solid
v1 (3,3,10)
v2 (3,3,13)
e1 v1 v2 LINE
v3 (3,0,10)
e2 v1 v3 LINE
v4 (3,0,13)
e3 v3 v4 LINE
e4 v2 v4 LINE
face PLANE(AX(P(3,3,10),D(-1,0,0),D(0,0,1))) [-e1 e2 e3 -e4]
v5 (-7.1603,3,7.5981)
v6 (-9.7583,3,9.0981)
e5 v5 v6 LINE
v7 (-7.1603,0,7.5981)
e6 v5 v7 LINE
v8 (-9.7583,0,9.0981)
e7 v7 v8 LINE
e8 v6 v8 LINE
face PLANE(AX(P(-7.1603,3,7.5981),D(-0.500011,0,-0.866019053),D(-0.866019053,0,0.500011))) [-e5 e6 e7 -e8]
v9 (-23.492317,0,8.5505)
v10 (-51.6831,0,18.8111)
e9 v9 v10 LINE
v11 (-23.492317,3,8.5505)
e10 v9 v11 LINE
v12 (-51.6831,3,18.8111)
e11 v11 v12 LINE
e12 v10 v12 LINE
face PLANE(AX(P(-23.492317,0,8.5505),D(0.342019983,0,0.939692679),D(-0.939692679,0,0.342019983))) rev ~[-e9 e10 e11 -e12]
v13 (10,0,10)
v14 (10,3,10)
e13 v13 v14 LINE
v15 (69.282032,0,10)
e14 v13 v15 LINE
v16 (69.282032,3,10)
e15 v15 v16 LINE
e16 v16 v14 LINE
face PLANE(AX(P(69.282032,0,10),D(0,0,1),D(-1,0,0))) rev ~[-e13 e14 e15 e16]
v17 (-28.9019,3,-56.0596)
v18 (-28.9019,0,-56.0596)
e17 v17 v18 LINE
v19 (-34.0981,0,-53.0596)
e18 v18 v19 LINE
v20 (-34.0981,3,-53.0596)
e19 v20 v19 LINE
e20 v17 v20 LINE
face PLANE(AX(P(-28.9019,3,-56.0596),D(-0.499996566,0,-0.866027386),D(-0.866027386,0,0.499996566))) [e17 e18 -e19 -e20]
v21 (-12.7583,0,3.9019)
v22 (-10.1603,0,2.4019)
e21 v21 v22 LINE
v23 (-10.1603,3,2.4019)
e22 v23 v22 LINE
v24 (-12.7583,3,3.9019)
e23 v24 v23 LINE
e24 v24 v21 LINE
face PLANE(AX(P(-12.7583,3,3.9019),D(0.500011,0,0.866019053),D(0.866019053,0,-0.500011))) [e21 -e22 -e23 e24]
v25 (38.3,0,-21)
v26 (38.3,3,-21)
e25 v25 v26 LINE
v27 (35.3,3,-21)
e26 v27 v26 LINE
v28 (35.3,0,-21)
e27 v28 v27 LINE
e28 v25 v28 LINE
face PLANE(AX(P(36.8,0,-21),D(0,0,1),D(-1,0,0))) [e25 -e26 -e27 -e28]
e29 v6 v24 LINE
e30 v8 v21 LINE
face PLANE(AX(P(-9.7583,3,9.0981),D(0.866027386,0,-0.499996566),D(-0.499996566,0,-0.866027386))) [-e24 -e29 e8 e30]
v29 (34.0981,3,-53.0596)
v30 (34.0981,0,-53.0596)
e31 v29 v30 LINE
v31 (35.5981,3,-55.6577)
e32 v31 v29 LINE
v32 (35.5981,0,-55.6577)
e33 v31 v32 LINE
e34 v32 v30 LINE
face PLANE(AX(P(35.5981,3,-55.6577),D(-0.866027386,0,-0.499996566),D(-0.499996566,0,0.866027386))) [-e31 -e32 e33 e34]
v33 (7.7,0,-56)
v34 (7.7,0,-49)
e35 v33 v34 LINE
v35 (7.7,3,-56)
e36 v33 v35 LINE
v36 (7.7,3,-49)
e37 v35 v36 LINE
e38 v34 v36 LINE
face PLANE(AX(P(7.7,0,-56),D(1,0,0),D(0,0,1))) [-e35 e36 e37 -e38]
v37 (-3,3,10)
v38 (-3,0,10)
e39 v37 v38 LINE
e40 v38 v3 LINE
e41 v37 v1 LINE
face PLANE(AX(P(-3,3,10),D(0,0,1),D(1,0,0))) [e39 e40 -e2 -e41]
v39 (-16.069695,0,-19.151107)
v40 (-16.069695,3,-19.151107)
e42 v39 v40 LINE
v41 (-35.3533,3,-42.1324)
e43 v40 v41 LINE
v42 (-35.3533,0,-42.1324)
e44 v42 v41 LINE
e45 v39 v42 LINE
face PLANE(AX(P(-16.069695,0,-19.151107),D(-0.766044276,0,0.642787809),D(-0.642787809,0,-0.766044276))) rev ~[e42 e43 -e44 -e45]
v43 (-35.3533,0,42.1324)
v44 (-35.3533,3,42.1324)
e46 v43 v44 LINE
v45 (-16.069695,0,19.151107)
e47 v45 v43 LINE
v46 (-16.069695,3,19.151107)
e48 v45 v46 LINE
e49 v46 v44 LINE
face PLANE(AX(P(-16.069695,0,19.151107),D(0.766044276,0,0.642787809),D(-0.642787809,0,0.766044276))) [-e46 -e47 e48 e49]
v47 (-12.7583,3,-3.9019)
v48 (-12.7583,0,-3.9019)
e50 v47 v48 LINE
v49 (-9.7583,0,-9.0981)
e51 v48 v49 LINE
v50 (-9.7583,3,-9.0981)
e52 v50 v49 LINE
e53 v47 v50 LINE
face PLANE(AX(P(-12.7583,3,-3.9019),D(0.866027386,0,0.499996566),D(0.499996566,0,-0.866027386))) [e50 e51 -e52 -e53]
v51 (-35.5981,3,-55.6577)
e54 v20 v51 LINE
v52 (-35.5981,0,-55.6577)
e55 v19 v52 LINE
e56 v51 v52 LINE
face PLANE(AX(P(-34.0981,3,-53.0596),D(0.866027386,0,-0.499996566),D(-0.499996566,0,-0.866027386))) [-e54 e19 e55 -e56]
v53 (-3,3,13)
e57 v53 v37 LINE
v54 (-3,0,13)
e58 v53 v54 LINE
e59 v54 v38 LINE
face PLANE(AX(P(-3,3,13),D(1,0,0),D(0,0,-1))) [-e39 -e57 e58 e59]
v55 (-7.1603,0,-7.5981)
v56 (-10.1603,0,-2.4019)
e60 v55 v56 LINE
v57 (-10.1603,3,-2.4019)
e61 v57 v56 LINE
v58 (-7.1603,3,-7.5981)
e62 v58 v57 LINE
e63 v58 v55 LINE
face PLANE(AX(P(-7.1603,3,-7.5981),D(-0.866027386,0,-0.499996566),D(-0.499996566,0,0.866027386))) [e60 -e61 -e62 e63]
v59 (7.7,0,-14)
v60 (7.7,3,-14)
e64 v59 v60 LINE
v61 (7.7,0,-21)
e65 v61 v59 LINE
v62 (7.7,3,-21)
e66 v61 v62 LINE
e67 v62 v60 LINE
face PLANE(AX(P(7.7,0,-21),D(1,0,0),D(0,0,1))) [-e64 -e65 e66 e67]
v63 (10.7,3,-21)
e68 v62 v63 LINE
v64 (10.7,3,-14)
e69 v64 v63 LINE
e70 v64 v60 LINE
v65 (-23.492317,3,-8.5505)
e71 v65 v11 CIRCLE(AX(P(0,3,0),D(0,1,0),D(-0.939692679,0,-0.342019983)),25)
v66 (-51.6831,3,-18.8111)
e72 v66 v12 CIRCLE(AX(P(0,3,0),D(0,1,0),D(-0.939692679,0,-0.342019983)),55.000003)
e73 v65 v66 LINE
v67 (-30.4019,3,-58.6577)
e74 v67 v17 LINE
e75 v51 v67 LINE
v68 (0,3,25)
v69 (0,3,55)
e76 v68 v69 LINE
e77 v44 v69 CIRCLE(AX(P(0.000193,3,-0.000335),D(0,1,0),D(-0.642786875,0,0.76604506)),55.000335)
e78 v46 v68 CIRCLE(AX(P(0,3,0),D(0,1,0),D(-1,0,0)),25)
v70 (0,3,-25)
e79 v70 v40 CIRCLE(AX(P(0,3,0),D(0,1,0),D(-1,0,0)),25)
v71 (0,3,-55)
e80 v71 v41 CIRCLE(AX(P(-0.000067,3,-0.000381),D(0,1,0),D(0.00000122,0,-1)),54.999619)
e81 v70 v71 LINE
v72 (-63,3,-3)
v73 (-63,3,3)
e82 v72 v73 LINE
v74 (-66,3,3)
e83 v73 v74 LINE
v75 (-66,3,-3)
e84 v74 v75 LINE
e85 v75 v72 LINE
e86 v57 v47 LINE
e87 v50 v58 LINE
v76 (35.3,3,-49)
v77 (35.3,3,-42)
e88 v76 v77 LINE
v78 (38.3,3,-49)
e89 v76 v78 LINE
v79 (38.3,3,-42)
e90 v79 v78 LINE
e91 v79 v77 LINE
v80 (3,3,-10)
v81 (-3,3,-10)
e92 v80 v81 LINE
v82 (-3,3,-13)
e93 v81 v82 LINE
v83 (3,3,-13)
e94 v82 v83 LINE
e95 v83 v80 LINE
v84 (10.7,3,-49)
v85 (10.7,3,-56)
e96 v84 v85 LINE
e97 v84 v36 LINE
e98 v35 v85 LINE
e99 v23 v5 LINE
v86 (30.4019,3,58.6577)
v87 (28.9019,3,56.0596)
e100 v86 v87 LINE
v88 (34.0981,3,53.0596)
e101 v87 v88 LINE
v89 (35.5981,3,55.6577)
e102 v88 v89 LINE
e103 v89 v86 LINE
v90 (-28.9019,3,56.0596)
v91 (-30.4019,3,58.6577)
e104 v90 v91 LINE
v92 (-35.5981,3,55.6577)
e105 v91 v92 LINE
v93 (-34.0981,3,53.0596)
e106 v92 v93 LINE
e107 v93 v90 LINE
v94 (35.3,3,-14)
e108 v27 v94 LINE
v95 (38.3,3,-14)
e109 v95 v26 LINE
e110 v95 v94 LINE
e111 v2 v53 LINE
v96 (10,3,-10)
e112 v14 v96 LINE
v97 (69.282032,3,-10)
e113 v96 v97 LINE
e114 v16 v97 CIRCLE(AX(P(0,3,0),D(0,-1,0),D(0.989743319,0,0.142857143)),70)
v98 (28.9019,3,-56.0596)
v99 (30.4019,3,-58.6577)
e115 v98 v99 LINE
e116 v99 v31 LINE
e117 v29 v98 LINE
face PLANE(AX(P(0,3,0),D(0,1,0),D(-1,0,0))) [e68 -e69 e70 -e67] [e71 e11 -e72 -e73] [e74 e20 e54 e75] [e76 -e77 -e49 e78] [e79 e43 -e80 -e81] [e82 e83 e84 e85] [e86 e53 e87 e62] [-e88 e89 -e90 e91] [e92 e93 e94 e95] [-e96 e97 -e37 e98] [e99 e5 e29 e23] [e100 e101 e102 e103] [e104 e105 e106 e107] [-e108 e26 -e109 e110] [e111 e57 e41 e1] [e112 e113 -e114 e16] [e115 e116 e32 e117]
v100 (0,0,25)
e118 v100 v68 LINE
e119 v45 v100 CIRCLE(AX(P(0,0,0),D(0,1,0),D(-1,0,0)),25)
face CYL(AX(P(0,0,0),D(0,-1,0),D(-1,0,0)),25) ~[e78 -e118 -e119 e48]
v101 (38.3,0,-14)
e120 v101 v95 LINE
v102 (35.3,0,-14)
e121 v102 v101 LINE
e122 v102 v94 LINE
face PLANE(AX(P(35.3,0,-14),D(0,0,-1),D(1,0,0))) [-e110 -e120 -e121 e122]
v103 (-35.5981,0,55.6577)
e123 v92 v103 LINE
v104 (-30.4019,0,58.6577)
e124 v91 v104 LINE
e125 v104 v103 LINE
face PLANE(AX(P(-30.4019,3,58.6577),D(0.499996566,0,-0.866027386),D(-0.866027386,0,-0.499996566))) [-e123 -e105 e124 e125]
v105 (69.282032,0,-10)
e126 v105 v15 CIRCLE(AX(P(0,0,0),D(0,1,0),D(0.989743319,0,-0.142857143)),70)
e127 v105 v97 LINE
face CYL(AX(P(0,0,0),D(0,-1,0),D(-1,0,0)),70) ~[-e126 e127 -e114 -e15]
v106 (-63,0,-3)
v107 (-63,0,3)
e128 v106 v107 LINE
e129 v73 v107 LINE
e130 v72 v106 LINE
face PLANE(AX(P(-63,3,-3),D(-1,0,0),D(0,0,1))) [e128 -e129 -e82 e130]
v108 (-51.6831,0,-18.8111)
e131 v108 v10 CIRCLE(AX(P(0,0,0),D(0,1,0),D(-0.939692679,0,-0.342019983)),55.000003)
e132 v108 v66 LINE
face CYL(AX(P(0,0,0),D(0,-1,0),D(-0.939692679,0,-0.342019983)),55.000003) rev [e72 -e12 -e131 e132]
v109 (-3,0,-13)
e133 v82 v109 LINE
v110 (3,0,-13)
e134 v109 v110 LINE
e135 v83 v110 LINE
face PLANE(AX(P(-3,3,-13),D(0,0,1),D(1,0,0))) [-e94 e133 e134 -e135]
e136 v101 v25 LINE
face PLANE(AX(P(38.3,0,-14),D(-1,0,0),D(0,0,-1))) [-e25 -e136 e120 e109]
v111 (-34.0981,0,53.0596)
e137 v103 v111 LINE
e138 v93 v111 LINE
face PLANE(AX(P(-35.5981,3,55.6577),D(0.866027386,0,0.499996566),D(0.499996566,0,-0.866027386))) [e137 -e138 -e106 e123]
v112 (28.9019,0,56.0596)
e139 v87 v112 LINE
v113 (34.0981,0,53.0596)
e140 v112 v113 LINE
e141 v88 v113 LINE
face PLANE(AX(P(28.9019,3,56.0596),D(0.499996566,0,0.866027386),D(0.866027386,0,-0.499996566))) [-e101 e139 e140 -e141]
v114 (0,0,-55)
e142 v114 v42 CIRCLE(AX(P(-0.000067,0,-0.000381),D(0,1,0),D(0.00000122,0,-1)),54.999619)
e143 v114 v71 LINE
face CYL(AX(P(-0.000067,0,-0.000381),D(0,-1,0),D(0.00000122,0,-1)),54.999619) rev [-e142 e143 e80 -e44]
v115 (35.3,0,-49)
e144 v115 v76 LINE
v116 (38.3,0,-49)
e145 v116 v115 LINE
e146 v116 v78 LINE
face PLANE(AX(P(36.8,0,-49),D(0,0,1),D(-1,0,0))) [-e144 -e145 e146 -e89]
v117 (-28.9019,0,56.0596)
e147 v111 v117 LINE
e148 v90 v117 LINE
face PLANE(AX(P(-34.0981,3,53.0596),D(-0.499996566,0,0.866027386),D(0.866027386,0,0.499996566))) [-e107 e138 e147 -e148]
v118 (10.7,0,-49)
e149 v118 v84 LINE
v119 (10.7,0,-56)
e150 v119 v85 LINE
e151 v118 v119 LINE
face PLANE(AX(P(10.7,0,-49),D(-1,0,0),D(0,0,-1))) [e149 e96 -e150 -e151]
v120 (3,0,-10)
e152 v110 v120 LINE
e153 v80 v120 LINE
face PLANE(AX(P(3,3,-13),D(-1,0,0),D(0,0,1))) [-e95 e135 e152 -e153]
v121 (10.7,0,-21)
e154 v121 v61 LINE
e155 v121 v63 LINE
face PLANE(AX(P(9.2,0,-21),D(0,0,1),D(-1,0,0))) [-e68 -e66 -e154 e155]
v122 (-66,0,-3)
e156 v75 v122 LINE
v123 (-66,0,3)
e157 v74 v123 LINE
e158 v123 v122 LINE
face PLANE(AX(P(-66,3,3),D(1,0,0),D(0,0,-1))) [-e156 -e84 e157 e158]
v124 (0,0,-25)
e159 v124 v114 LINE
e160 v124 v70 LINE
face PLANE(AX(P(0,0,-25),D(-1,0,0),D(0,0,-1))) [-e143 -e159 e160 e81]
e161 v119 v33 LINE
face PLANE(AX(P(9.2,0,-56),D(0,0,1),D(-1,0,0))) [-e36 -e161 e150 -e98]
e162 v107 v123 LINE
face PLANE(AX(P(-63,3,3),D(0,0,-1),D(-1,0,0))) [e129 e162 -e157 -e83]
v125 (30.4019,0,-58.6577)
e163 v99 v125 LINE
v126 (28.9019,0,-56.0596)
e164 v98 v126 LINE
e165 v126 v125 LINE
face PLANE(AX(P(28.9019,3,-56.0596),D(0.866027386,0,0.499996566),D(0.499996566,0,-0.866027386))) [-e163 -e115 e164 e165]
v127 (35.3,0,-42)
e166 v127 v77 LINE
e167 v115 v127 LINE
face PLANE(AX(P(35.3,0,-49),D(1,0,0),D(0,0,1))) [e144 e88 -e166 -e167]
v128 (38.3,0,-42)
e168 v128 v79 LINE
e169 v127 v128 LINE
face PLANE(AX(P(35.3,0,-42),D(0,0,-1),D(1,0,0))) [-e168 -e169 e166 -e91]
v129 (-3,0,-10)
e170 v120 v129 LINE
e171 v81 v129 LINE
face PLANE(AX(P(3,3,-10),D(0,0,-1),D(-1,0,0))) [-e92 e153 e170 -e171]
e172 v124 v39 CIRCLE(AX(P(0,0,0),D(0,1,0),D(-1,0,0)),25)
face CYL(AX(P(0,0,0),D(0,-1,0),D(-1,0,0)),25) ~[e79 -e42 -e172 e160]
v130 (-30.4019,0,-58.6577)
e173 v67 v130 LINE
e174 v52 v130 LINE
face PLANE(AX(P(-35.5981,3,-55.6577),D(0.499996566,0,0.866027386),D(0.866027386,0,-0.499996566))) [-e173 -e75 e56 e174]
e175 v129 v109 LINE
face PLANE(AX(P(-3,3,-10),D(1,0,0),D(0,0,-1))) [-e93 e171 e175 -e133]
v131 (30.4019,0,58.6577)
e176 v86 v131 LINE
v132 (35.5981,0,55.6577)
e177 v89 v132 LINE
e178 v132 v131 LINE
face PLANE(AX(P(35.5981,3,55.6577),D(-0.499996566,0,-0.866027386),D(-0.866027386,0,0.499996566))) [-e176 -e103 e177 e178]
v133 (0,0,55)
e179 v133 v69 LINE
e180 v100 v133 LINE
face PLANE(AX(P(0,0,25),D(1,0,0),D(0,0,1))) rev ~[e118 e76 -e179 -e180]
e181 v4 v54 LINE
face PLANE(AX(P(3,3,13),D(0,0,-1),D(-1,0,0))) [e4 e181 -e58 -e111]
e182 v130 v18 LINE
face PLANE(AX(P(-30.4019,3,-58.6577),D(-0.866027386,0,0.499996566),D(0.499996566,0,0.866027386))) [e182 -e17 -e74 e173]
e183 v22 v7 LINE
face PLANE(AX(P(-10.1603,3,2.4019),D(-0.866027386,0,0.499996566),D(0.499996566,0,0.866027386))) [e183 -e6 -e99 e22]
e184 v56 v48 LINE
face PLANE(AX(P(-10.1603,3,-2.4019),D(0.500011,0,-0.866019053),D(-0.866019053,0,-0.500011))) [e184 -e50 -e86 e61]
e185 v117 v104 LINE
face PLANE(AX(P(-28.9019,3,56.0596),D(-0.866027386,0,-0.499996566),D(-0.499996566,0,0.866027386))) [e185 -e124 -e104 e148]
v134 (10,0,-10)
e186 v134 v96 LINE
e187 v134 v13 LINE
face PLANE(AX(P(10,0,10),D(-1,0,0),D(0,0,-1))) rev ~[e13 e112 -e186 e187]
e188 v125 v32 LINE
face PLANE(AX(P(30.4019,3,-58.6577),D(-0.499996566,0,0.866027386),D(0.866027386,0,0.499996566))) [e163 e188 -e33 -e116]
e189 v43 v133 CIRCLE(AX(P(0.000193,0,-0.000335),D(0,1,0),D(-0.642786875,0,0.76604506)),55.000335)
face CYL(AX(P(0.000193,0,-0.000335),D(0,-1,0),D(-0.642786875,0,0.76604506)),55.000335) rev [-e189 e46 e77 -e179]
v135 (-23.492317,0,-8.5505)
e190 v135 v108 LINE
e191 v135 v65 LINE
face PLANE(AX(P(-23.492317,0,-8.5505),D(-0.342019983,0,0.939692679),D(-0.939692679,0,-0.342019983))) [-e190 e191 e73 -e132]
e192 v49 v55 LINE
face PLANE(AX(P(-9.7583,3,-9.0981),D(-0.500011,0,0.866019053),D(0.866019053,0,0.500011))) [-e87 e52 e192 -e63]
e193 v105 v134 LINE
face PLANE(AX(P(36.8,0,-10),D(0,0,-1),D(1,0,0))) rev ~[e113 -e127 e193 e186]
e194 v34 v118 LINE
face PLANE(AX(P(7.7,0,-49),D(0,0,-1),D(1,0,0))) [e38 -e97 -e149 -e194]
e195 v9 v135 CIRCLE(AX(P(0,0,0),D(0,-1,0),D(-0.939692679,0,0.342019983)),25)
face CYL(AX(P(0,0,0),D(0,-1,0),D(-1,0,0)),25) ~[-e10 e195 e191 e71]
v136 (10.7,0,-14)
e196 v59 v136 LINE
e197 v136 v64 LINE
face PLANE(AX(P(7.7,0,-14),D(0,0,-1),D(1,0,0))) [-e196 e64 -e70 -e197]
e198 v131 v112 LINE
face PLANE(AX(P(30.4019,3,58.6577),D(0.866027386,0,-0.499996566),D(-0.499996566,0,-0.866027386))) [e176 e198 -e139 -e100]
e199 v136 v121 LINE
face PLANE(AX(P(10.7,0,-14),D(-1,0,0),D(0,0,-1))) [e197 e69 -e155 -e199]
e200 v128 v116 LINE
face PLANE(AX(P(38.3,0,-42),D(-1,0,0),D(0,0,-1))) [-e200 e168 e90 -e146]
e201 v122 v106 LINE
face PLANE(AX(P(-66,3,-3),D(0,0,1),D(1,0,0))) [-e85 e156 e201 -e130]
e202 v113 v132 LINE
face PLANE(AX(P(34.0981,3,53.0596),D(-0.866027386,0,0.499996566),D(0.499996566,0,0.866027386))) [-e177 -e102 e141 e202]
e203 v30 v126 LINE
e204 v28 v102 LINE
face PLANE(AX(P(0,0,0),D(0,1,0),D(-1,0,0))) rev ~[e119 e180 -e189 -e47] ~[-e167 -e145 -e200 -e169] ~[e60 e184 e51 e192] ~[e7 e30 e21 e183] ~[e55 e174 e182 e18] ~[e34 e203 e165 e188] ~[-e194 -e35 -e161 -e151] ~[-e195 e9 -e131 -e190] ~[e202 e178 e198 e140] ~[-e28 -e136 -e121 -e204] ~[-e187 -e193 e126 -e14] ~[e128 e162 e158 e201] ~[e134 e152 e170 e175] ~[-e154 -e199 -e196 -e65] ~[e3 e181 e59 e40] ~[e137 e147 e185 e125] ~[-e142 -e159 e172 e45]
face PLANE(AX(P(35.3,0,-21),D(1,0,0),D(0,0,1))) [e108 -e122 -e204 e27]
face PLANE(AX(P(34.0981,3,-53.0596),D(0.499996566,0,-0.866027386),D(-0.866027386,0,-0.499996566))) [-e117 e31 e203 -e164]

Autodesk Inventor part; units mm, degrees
ref_plane "YZ Plane" through (0, 0, 0) normal (1, 0, 0) x (0, 1, 0)
ref_plane "XZ Plane" through (0, 0, 0) normal (0, 1, 0) x (-1, 0, 0)
ref_plane "XY Plane" through (0, 0, 0) normal (0, 0, 1) x (1, 0, 0)
sketch "草圖1" plane through (0, 0, 0) normal (0, 1, 0) x (-1, 0, 0)
  circle A0 centre (0, 0) radius 70
  circle A1 centre (0, 0) radius 25
  line L0 (-70, 10) -> (-10, 10)
  line L1 (-10, 10) -> (-10, -10)
  line L2 (-10, -10) -> (-70, -10)
  line L3 (-70, -10) -> (-70, 10)
  line L4 (0, 0) -> (0, -55)
  line L5 (0, 0) -> (35.3533, -42.1324)
  arc A2 (0, -55) -> (35.3533, -42.1324) centre (0, 0) ccw
  line L6 (0, 0) -> (51.6831, -18.8111)
  line L7 (0, 0) -> (51.6831, 18.8111)
  arc A3 (51.6831, -18.8111) -> (51.6831, 18.8111) centre (0, 0) ccw
  line L8 (0, 0) -> (35.3533, 42.1324)
  line L9 (0, 0) -> (0, 55)
  arc A4 (35.3533, 42.1324) -> (0, 55) centre (0, 0) ccw
  line L10 (-9.2, -7) -> (-36.8, -7)
  line L11 (-36.8, -7) -> (-36.8, -63)
  line L12 (-36.8, -63) -> (-9.2, -63)
  line L13 (-9.2, -63) -> (-9.2, -7)
  line L14 (-7.7, -14) -> (-10.7, -14)
  line L15 (-10.7, -14) -> (-10.7, -21)
  line L16 (-10.7, -21) -> (-7.7, -21)
  line L17 (-7.7, -21) -> (-7.7, -14)
  line L18 (-7.7, -49) -> (-10.7, -49)
  line L19 (-10.7, -49) -> (-10.7, -56)
  line L20 (-10.7, -56) -> (-7.7, -56)
  line L21 (-7.7, -56) -> (-7.7, -49)
  line L22 (-35.3, -14) -> (-38.3, -14)
  line L23 (-38.3, -14) -> (-38.3, -21)
  line L24 (-38.3, -21) -> (-35.3, -21)
  line L25 (-35.3, -21) -> (-35.3, -14)
  line L26 (-35.3, -42) -> (-38.3, -42)
  line L27 (-38.3, -42) -> (-38.3, -49)
  line L28 (-38.3, -49) -> (-35.3, -49)
  line L29 (-35.3, -49) -> (-35.3, -42)
  circle A5 centre (0, 0) radius 2
  line L30 (-1.5, 1.3229) -> (-1.5, -1.3229)
  point P0 (-23, -10)
  point P1 (-9.2, -14)
  point P2 (-9.2, -56)
  point P3 (-36.8, -14)
  point P4 (-36.8, -42)
  point P5 (16.0697, -19.1511)
  point P6 (0, -25)
  point P7 (-69.282, 10)
  point P8 (-69.282, -10)
  point P9 (16.0697, 19.1511)
  point P10 (0, 25)
  point P11 (23.4923, -8.5505)
  point P12 (23.4923, 8.5505)
  point P13 (-70, 0)
  point P14 (-10, 0)
  point P15 (-23, -7)
  dimension "d0" = 140
  dimension "d1" = 50
  dimension "d2" = 20
  dimension "d3" = 60
  dimension "d4" = 55
  dimension "d5" = 40
  dimension "d6" = 55
  dimension "d9" = 140
  dimension "d12" = 27.6
  dimension "d13" = 56
  dimension "d14" = 7
  dimension "d15" = 3
  dimension "d16" = 7
  dimension "d17" = 7
  dimension "d18" = 3
  dimension "d19" = 7
  dimension "d20" = 7
  dimension "d21" = 3
  dimension "d22" = 7
  dimension "d23" = 7
  dimension "d24" = 3
  dimension "d25" = 21
  dimension "d28" = 4
  dimension "d29" = 1.5
  dimension "d30" = 17
  dimension "d31" = 17
  dimension "d32" = 13
extrude "擠出1" add sketch "草圖1" along normal blind 3 contours A0 L12 L13 L20 L21 L18 A1 L4 A2 L5 L6 A3 L7 L8 A4 L9 L0 | A0 L11 L28 L29 L26 L24 L25 L22 L2 A1 L13 L18 L19 L20 L12 | A1 L9 A5 L4 L13 L16 L17 L14 L10 L1 L0 | A0 L2 L11 L22 L23 L24 L26 L27 L28 | A1 L8 A5 L9 | A1 L7 A5 L8 | A5 L8 L9 | L9 L4 A5 L30 | L2 L1 L10 L13 L14 L15 L16 A1 | A1 L6 A5 L7 | A5 L7 L8 | L5 A5 L4 | L6 A5 L5 | L7 A5 L6 | L30 A5 | A5 L5 A1 L4 | A5 L6 A1 L5
sketch "草圖2" plane through (0, 3, 0) normal (0, 1, 0) x (1, 0, 0)
  line L0 (-3, 13) -> (3, 13)
  line L1 (3, 13) -> (3, 10)
  line L2 (3, 10) -> (-3, 10)
  line L3 (-3, 10) -> (-3, 13)
  line L4 (-12.7583, 3.9019) -> (-9.7583, 9.0981)
  line L5 (-9.7583, 9.0981) -> (-7.1603, 7.5981)
  line L6 (-7.1603, 7.5981) -> (-10.1603, 2.4019)
  line L7 (-10.1603, 2.4019) -> (-12.7583, 3.9019)
  line L8 (-9.7583, -9.0981) -> (-12.7583, -3.9019)
  line L9 (-12.7583, -3.9019) -> (-10.1603, -2.4019)
  line L10 (-10.1603, -2.4019) -> (-7.1603, -7.5981)
  line L11 (-7.1603, -7.5981) -> (-9.7583, -9.0981)
  line L12 (3, -13) -> (-3, -13)
  line L13 (-3, -13) -> (-3, -10)
  line L14 (-3, -10) -> (3, -10)
  line L15 (3, -10) -> (3, -13)
  line L16 (-66, 3) -> (-63, 3)
  line L17 (-63, 3) -> (-63, -3)
  line L18 (-63, -3) -> (-66, -3)
  line L19 (-66, -3) -> (-66, 3)
  line L20 (-34.0981, -53.0596) -> (-28.9019, -56.0596)
  line L21 (-28.9019, -56.0596) -> (-30.4019, -58.6577)
  line L22 (-30.4019, -58.6577) -> (-35.5981, -55.6577)
  line L23 (-35.5981, -55.6577) -> (-34.0981, -53.0596)
  line L24 (28.9019, -56.0596) -> (34.0981, -53.0596)
  line L25 (34.0981, -53.0596) -> (35.5981, -55.6577)
  line L26 (35.5981, -55.6577) -> (30.4019, -58.6577)
  line L27 (30.4019, -58.6577) -> (28.9019, -56.0596)
  line L28 (63, -3) -> (63, 3)
  line L29 (63, 3) -> (66, 3)
  line L30 (66, 3) -> (66, -3)
  line L31 (66, -3) -> (63, -3)
  line L32 (34.0981, 53.0596) -> (28.9019, 56.0596)
  line L33 (28.9019, 56.0596) -> (30.4019, 58.6577)
  line L34 (30.4019, 58.6577) -> (35.5981, 55.6577)
  line L35 (35.5981, 55.6577) -> (34.0981, 53.0596)
  line L36 (-28.9019, 56.0596) -> (-34.0981, 53.0596)
  line L37 (-34.0981, 53.0596) -> (-35.5981, 55.6577)
  line L38 (-35.5981, 55.6577) -> (-30.4019, 58.6577)
  line L39 (-30.4019, 58.6577) -> (-28.9019, 56.0596)
  point P0 (0, 0)
  point P1 (0, 10)
  point P2 (-8.6603, 5)
  point P3 (-8.6603, -5)
  point P4 (0, -10)
  point P5 (-63, 0)
  point P6 (-31.5, -54.5596)
  point P7 (31.5, -54.5596)
  point P8 (63, 0)
  point P9 (31.5, 54.5596)
  point P10 (-31.5, 54.5596)
  dimension "d33" = 3
  dimension "d34" = 6
  dimension "d35" = 10
  dimension "d38" = 180
  dimension "d49" = 3
  dimension "d50" = 6
  dimension "d51" = 63
  dimension "d54" = 360
extrude "擠出2" cut sketch "草圖2" against normal through all contours L0 L1 L2 L3 | L4 L5 L6 L7 | L8 L9 L10 L11 | L12 L13 L14 L15 | L16 L17 L18 L19 | L20 L21 L22 L23 | L24 L25 L26 L27 | L32 L33 L34 L35 | L36 L37 L38 L39
properties part number "rolling_plate_top"
